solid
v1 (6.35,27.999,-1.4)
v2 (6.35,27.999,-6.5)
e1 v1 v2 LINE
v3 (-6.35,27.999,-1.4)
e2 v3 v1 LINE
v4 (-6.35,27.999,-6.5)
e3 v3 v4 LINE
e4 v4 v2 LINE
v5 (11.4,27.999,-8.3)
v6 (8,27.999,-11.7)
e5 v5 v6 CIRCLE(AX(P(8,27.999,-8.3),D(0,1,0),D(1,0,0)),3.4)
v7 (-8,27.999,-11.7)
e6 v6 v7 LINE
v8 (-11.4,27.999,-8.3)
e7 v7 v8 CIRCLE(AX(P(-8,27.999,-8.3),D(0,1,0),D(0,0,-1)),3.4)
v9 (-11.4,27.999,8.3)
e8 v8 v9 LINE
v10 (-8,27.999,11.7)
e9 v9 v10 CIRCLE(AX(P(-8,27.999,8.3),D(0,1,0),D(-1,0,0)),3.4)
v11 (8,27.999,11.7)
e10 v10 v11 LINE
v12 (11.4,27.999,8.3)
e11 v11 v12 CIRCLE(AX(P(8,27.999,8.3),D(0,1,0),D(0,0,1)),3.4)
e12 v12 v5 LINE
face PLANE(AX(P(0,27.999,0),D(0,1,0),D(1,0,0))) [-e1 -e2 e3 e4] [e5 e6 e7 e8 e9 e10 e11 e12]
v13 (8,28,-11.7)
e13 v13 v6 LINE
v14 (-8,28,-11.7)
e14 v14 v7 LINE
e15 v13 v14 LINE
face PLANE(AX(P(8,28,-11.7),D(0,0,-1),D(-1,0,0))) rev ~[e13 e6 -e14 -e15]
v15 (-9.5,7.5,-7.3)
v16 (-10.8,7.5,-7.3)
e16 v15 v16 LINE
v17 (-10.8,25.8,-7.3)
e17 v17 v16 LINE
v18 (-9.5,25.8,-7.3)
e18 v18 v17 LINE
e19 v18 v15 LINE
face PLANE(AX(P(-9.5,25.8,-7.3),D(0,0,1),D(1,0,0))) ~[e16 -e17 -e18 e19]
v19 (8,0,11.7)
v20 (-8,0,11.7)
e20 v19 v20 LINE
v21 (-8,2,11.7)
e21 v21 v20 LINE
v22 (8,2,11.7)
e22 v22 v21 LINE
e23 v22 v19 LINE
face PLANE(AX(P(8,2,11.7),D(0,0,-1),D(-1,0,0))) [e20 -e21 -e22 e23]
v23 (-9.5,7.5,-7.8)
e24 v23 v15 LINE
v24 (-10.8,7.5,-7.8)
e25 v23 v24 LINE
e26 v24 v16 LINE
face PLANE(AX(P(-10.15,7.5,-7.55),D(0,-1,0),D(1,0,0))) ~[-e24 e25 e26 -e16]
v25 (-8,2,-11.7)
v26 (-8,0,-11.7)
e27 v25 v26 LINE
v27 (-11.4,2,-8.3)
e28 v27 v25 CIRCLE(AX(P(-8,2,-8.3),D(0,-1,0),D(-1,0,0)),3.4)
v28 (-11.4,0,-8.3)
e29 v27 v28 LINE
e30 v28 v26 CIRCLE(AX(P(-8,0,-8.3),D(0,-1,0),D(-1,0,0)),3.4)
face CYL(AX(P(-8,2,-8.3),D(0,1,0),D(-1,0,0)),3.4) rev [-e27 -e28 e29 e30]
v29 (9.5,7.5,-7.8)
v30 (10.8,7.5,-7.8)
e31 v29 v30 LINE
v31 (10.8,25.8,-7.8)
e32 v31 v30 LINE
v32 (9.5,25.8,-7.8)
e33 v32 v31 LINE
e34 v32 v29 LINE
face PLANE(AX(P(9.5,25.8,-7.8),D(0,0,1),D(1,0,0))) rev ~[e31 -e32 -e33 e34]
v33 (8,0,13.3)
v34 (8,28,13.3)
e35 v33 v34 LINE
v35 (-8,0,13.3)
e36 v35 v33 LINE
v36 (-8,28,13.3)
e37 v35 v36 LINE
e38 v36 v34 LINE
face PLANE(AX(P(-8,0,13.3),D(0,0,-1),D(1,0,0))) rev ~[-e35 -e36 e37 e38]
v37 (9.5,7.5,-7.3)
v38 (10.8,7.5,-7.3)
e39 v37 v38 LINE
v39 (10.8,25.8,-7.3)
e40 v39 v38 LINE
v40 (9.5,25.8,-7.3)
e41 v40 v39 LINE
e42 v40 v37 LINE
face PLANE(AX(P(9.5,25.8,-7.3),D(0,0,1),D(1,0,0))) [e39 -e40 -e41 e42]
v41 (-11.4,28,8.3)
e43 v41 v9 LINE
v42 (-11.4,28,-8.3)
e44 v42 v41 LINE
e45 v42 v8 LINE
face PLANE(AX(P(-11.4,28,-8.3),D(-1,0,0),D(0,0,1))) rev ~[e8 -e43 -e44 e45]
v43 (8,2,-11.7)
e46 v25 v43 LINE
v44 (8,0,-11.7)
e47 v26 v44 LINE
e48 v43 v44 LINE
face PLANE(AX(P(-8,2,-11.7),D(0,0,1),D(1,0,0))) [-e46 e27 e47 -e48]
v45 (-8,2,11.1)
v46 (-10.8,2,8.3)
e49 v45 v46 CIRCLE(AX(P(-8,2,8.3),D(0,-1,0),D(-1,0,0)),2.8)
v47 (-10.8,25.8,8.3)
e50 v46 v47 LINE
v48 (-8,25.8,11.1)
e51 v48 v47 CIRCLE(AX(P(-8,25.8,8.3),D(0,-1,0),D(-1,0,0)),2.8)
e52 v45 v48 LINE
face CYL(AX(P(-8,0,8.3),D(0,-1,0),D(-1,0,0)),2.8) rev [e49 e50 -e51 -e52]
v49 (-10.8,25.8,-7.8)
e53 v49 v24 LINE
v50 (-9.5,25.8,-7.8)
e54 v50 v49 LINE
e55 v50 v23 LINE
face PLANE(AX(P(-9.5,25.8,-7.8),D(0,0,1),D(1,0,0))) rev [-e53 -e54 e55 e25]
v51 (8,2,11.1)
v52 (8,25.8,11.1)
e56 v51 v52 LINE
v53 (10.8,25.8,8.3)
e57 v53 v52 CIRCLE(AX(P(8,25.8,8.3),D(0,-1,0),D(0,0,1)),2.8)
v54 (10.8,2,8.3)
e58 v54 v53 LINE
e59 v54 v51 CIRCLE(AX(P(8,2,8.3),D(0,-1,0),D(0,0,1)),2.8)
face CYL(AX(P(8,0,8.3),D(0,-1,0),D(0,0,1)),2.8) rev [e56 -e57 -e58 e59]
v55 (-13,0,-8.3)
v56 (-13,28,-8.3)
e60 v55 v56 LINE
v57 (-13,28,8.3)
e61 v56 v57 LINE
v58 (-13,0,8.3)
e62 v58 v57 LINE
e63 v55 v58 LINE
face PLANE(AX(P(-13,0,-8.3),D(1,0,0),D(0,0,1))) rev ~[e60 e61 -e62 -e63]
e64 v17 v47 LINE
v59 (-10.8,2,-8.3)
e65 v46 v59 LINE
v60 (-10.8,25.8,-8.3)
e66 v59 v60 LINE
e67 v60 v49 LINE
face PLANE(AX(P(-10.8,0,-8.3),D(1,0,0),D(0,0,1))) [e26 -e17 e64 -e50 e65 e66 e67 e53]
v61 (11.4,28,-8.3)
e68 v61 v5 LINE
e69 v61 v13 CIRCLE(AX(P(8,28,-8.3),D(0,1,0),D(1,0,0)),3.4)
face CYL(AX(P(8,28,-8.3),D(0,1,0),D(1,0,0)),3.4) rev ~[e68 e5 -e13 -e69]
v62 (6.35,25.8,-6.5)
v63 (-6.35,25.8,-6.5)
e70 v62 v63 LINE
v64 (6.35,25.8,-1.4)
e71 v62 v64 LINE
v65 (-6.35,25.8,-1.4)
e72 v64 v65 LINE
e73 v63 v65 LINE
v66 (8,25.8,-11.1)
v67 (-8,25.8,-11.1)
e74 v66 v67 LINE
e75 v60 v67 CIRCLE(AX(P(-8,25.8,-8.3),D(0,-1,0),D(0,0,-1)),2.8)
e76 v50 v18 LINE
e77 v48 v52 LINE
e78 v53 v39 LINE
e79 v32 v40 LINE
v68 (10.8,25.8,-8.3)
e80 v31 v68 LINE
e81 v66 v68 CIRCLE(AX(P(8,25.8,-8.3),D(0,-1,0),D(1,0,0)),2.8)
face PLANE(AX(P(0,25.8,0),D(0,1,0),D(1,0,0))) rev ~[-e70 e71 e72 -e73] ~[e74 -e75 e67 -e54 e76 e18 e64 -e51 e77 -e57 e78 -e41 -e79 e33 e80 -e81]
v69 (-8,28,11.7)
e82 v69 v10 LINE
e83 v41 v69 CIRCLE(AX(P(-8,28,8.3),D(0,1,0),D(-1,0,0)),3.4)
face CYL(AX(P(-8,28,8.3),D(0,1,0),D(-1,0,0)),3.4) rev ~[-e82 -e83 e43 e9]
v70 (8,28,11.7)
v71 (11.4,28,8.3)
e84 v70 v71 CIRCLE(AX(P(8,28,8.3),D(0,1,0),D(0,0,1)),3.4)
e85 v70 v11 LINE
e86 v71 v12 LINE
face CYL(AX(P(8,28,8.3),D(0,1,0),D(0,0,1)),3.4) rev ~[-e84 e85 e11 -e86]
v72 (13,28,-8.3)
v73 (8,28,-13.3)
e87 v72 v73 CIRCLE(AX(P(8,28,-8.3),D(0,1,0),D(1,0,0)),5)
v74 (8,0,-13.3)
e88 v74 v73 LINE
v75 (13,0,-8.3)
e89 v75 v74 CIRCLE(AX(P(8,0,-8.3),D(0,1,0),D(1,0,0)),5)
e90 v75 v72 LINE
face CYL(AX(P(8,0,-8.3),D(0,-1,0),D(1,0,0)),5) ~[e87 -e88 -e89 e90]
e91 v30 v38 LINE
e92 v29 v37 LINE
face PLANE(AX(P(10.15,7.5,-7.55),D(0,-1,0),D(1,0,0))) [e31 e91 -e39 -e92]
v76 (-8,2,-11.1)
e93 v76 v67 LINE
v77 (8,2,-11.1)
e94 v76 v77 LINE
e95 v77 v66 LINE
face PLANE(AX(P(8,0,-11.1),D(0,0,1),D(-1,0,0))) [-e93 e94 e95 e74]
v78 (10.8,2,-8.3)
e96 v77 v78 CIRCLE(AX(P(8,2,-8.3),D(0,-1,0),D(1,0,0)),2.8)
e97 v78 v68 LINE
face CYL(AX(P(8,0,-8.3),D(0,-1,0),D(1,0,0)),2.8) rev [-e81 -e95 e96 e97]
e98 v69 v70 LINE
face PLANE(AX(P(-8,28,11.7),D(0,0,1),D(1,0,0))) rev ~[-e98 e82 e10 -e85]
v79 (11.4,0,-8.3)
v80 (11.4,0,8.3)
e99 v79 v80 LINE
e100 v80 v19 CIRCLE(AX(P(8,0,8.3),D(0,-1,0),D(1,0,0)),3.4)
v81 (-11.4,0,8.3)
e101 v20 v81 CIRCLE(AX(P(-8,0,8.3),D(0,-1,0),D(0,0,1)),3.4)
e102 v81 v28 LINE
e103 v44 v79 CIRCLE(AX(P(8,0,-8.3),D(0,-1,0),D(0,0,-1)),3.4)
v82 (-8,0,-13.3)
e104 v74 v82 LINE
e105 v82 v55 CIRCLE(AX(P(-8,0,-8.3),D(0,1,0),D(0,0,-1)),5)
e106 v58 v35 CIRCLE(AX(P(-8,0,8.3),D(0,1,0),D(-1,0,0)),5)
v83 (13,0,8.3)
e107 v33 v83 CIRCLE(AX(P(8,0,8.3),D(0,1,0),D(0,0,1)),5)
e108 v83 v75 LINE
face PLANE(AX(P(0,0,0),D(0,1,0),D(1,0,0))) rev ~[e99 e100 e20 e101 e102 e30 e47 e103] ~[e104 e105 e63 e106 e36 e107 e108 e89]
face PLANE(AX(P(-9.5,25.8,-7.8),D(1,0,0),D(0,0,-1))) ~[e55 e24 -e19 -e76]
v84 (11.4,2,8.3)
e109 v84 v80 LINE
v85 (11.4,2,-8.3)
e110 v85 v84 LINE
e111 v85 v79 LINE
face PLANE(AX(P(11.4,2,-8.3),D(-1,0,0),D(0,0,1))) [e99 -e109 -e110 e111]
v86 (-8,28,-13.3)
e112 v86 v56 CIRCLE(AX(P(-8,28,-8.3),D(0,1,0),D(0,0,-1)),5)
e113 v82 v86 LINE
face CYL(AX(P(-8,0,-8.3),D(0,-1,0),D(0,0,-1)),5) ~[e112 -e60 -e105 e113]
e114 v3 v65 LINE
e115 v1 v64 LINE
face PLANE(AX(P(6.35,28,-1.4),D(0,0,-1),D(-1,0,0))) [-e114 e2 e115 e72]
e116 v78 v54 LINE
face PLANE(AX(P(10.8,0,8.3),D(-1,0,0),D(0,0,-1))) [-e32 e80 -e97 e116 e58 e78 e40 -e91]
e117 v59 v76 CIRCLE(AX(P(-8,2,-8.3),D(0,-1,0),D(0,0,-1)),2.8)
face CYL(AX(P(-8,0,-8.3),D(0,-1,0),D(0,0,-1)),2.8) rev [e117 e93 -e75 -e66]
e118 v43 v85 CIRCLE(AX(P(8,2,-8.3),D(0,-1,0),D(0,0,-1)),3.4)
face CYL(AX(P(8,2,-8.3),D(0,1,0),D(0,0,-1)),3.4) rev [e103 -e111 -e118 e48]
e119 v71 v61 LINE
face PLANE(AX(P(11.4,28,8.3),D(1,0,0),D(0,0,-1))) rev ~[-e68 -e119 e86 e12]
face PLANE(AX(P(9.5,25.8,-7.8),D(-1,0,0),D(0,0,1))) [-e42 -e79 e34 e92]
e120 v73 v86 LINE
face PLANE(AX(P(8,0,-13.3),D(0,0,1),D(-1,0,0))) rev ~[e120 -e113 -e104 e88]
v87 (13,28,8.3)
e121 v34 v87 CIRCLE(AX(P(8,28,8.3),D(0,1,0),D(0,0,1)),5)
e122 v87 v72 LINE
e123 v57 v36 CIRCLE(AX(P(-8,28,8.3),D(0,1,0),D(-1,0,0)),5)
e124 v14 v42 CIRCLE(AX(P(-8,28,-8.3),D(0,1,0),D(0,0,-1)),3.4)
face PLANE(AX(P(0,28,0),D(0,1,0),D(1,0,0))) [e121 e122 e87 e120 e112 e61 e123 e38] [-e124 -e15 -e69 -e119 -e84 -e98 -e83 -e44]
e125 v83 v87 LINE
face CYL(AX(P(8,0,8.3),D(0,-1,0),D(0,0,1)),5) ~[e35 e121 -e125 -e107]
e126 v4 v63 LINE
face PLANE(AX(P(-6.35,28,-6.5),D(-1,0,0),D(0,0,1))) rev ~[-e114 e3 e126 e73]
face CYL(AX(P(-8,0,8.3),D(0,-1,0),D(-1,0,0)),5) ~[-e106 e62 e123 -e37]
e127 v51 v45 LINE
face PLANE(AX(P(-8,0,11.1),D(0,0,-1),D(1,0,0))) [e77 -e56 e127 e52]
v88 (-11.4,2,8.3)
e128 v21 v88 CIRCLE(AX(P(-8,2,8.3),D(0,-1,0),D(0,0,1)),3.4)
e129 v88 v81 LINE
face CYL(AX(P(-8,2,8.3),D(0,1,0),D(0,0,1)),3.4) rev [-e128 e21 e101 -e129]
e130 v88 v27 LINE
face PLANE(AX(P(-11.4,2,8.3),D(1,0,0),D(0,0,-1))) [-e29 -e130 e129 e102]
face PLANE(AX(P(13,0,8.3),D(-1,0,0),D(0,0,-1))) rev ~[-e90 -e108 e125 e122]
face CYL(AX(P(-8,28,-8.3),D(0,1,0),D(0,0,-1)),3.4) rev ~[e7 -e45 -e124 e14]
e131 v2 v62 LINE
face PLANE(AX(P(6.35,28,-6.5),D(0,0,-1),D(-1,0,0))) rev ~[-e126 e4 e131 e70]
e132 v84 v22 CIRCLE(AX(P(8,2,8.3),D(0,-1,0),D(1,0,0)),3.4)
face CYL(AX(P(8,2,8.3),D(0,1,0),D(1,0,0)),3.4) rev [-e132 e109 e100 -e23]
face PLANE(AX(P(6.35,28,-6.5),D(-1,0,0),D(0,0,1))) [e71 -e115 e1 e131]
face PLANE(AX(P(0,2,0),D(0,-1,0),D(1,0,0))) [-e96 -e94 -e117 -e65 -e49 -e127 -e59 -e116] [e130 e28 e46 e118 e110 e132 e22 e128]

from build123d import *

# Parameters (mm, degrees)
RESSALTO_EXTRUS_O1_DEPTH = 28
CASCA1_T                 = -2.2
ESBO_O2_W                = 12.7
ESBO_O2_H                = 5.1
CORTE_EXTRUS_O1_DEPTH    = 5
CORTE_EXTRUS_O2_DEPTH    = 0.001
CORTE_EXTRUS_O3_START    = -2
CORTE_EXTRUS_O3_DEPTH    = 2
ESBO_O5_W                = 1.3
ESBO_O5_H                = 0.5
RESSALTO_EXTRUS_O2_DEPTH = 18.3


with BuildPart() as part:
    # Esboço1 → Ressalto-extrusão1 (new body)
    with BuildSketch(Plane(origin=(0, 0, 0), x_dir=(1, 0, 0), z_dir=(0, 1, 0))):
        with BuildLine():
            Line((-8, -13.3), (8, -13.3))
            ThreePointArc((8, -13.3), (11.535533906, -11.835533906), (13, -8.3))
            Line((13, -8.3), (13, 8.3))
            ThreePointArc((13, 8.3), (11.535533906, 11.835533906), (8, 13.3))
            Line((8, 13.3), (-8, 13.3))
            ThreePointArc((-8, 13.3), (-11.535533906, 11.835533906), (-13, 8.3))
            Line((-13, 8.3), (-13, -8.3))
            ThreePointArc((-13, -8.3), (-11.535533906, -11.835533906), (-8, -13.3))
        make_face()
    extrude(amount=RESSALTO_EXTRUS_O1_DEPTH)

    # Casca1
    casca1_openings = [part.faces().sort_by_distance(p)[0] for p in [
        (0, 0, 0),
    ]]
    offset(amount=CASCA1_T, openings=casca1_openings, kind=Kind.INTERSECTION)

    # Esboço2 → Corte-extrusão1 (cut)
    with BuildSketch(Plane(origin=(0, 28, 0), x_dir=(-1, 0, 0), z_dir=(0, 1, 0))):
        with Locations((0, -3.95)):
            Rectangle(ESBO_O2_W, ESBO_O2_H)
    extrude(amount=-CORTE_EXTRUS_O1_DEPTH, mode=Mode.SUBTRACT)

    # Esboço3 → Corte-extrusão2 (cut)
    with BuildSketch(Plane(origin=(0, 28, 0), x_dir=(1, 0, 0), z_dir=(0, 1, 0))):
        with BuildLine():
            Line((-8, -11.7), (8, -11.7))
            ThreePointArc((8, -11.7), (10.404163056, -10.704163056), (11.4, -8.3))
            Line((11.4, -8.3), (11.4, 8.3))
            ThreePointArc((11.4, 8.3), (10.404163056, 10.704163056), (8, 11.7))
            Line((8, 11.7), (-8, 11.7))
            ThreePointArc((-8, 11.7), (-10.404163056, 10.704163056), (-11.4, 8.3))
            Line((-11.4, 8.3), (-11.4, -8.3))
            ThreePointArc((-11.4, -8.3), (-10.404163056, -10.704163056), (-8, -11.7))
        make_face()
    extrude(amount=-CORTE_EXTRUS_O2_DEPTH, mode=Mode.SUBTRACT)

    # Esboço4 → Corte-extrusão3 (cut)
    with BuildSketch(Plane.XZ.offset(CORTE_EXTRUS_O3_START)):
        with BuildLine():
            Line((-8, -11.7), (8, -11.7))
            ThreePointArc((8, -11.7), (10.404163056, -10.704163056), (11.4, -8.3))
            Line((11.4, -8.3), (11.4, 8.3))
            ThreePointArc((11.4, 8.3), (10.404163056, 10.704163056), (8, 11.7))
            Line((8, 11.7), (-8, 11.7))
            ThreePointArc((-8, 11.7), (-10.404163056, 10.704163056), (-11.4, 8.3))
            Line((-11.4, 8.3), (-11.4, -8.3))
            ThreePointArc((-11.4, -8.3), (-10.404163056, -10.704163056), (-8, -11.7))
        make_face()
    extrude(amount=CORTE_EXTRUS_O3_DEPTH, mode=Mode.SUBTRACT)

    # Esboço5 → Ressalto-extrusão2 (add)
    with BuildSketch(Plane.XZ.offset(-25.8)):
        with Locations((10.15, -7.55)):
            Rectangle(ESBO_O5_W, ESBO_O5_H)
    ressalto_extrus_o2 = extrude(amount=RESSALTO_EXTRUS_O2_DEPTH)

    # Espelhar1: Ressalto-extrusão2 across plane
    add(ressalto_extrus_o2.mirror(Plane(origin=(0, 0, 0), x_dir=(0, 0, 1), z_dir=(1, 0, 0))))


solid = part.part
